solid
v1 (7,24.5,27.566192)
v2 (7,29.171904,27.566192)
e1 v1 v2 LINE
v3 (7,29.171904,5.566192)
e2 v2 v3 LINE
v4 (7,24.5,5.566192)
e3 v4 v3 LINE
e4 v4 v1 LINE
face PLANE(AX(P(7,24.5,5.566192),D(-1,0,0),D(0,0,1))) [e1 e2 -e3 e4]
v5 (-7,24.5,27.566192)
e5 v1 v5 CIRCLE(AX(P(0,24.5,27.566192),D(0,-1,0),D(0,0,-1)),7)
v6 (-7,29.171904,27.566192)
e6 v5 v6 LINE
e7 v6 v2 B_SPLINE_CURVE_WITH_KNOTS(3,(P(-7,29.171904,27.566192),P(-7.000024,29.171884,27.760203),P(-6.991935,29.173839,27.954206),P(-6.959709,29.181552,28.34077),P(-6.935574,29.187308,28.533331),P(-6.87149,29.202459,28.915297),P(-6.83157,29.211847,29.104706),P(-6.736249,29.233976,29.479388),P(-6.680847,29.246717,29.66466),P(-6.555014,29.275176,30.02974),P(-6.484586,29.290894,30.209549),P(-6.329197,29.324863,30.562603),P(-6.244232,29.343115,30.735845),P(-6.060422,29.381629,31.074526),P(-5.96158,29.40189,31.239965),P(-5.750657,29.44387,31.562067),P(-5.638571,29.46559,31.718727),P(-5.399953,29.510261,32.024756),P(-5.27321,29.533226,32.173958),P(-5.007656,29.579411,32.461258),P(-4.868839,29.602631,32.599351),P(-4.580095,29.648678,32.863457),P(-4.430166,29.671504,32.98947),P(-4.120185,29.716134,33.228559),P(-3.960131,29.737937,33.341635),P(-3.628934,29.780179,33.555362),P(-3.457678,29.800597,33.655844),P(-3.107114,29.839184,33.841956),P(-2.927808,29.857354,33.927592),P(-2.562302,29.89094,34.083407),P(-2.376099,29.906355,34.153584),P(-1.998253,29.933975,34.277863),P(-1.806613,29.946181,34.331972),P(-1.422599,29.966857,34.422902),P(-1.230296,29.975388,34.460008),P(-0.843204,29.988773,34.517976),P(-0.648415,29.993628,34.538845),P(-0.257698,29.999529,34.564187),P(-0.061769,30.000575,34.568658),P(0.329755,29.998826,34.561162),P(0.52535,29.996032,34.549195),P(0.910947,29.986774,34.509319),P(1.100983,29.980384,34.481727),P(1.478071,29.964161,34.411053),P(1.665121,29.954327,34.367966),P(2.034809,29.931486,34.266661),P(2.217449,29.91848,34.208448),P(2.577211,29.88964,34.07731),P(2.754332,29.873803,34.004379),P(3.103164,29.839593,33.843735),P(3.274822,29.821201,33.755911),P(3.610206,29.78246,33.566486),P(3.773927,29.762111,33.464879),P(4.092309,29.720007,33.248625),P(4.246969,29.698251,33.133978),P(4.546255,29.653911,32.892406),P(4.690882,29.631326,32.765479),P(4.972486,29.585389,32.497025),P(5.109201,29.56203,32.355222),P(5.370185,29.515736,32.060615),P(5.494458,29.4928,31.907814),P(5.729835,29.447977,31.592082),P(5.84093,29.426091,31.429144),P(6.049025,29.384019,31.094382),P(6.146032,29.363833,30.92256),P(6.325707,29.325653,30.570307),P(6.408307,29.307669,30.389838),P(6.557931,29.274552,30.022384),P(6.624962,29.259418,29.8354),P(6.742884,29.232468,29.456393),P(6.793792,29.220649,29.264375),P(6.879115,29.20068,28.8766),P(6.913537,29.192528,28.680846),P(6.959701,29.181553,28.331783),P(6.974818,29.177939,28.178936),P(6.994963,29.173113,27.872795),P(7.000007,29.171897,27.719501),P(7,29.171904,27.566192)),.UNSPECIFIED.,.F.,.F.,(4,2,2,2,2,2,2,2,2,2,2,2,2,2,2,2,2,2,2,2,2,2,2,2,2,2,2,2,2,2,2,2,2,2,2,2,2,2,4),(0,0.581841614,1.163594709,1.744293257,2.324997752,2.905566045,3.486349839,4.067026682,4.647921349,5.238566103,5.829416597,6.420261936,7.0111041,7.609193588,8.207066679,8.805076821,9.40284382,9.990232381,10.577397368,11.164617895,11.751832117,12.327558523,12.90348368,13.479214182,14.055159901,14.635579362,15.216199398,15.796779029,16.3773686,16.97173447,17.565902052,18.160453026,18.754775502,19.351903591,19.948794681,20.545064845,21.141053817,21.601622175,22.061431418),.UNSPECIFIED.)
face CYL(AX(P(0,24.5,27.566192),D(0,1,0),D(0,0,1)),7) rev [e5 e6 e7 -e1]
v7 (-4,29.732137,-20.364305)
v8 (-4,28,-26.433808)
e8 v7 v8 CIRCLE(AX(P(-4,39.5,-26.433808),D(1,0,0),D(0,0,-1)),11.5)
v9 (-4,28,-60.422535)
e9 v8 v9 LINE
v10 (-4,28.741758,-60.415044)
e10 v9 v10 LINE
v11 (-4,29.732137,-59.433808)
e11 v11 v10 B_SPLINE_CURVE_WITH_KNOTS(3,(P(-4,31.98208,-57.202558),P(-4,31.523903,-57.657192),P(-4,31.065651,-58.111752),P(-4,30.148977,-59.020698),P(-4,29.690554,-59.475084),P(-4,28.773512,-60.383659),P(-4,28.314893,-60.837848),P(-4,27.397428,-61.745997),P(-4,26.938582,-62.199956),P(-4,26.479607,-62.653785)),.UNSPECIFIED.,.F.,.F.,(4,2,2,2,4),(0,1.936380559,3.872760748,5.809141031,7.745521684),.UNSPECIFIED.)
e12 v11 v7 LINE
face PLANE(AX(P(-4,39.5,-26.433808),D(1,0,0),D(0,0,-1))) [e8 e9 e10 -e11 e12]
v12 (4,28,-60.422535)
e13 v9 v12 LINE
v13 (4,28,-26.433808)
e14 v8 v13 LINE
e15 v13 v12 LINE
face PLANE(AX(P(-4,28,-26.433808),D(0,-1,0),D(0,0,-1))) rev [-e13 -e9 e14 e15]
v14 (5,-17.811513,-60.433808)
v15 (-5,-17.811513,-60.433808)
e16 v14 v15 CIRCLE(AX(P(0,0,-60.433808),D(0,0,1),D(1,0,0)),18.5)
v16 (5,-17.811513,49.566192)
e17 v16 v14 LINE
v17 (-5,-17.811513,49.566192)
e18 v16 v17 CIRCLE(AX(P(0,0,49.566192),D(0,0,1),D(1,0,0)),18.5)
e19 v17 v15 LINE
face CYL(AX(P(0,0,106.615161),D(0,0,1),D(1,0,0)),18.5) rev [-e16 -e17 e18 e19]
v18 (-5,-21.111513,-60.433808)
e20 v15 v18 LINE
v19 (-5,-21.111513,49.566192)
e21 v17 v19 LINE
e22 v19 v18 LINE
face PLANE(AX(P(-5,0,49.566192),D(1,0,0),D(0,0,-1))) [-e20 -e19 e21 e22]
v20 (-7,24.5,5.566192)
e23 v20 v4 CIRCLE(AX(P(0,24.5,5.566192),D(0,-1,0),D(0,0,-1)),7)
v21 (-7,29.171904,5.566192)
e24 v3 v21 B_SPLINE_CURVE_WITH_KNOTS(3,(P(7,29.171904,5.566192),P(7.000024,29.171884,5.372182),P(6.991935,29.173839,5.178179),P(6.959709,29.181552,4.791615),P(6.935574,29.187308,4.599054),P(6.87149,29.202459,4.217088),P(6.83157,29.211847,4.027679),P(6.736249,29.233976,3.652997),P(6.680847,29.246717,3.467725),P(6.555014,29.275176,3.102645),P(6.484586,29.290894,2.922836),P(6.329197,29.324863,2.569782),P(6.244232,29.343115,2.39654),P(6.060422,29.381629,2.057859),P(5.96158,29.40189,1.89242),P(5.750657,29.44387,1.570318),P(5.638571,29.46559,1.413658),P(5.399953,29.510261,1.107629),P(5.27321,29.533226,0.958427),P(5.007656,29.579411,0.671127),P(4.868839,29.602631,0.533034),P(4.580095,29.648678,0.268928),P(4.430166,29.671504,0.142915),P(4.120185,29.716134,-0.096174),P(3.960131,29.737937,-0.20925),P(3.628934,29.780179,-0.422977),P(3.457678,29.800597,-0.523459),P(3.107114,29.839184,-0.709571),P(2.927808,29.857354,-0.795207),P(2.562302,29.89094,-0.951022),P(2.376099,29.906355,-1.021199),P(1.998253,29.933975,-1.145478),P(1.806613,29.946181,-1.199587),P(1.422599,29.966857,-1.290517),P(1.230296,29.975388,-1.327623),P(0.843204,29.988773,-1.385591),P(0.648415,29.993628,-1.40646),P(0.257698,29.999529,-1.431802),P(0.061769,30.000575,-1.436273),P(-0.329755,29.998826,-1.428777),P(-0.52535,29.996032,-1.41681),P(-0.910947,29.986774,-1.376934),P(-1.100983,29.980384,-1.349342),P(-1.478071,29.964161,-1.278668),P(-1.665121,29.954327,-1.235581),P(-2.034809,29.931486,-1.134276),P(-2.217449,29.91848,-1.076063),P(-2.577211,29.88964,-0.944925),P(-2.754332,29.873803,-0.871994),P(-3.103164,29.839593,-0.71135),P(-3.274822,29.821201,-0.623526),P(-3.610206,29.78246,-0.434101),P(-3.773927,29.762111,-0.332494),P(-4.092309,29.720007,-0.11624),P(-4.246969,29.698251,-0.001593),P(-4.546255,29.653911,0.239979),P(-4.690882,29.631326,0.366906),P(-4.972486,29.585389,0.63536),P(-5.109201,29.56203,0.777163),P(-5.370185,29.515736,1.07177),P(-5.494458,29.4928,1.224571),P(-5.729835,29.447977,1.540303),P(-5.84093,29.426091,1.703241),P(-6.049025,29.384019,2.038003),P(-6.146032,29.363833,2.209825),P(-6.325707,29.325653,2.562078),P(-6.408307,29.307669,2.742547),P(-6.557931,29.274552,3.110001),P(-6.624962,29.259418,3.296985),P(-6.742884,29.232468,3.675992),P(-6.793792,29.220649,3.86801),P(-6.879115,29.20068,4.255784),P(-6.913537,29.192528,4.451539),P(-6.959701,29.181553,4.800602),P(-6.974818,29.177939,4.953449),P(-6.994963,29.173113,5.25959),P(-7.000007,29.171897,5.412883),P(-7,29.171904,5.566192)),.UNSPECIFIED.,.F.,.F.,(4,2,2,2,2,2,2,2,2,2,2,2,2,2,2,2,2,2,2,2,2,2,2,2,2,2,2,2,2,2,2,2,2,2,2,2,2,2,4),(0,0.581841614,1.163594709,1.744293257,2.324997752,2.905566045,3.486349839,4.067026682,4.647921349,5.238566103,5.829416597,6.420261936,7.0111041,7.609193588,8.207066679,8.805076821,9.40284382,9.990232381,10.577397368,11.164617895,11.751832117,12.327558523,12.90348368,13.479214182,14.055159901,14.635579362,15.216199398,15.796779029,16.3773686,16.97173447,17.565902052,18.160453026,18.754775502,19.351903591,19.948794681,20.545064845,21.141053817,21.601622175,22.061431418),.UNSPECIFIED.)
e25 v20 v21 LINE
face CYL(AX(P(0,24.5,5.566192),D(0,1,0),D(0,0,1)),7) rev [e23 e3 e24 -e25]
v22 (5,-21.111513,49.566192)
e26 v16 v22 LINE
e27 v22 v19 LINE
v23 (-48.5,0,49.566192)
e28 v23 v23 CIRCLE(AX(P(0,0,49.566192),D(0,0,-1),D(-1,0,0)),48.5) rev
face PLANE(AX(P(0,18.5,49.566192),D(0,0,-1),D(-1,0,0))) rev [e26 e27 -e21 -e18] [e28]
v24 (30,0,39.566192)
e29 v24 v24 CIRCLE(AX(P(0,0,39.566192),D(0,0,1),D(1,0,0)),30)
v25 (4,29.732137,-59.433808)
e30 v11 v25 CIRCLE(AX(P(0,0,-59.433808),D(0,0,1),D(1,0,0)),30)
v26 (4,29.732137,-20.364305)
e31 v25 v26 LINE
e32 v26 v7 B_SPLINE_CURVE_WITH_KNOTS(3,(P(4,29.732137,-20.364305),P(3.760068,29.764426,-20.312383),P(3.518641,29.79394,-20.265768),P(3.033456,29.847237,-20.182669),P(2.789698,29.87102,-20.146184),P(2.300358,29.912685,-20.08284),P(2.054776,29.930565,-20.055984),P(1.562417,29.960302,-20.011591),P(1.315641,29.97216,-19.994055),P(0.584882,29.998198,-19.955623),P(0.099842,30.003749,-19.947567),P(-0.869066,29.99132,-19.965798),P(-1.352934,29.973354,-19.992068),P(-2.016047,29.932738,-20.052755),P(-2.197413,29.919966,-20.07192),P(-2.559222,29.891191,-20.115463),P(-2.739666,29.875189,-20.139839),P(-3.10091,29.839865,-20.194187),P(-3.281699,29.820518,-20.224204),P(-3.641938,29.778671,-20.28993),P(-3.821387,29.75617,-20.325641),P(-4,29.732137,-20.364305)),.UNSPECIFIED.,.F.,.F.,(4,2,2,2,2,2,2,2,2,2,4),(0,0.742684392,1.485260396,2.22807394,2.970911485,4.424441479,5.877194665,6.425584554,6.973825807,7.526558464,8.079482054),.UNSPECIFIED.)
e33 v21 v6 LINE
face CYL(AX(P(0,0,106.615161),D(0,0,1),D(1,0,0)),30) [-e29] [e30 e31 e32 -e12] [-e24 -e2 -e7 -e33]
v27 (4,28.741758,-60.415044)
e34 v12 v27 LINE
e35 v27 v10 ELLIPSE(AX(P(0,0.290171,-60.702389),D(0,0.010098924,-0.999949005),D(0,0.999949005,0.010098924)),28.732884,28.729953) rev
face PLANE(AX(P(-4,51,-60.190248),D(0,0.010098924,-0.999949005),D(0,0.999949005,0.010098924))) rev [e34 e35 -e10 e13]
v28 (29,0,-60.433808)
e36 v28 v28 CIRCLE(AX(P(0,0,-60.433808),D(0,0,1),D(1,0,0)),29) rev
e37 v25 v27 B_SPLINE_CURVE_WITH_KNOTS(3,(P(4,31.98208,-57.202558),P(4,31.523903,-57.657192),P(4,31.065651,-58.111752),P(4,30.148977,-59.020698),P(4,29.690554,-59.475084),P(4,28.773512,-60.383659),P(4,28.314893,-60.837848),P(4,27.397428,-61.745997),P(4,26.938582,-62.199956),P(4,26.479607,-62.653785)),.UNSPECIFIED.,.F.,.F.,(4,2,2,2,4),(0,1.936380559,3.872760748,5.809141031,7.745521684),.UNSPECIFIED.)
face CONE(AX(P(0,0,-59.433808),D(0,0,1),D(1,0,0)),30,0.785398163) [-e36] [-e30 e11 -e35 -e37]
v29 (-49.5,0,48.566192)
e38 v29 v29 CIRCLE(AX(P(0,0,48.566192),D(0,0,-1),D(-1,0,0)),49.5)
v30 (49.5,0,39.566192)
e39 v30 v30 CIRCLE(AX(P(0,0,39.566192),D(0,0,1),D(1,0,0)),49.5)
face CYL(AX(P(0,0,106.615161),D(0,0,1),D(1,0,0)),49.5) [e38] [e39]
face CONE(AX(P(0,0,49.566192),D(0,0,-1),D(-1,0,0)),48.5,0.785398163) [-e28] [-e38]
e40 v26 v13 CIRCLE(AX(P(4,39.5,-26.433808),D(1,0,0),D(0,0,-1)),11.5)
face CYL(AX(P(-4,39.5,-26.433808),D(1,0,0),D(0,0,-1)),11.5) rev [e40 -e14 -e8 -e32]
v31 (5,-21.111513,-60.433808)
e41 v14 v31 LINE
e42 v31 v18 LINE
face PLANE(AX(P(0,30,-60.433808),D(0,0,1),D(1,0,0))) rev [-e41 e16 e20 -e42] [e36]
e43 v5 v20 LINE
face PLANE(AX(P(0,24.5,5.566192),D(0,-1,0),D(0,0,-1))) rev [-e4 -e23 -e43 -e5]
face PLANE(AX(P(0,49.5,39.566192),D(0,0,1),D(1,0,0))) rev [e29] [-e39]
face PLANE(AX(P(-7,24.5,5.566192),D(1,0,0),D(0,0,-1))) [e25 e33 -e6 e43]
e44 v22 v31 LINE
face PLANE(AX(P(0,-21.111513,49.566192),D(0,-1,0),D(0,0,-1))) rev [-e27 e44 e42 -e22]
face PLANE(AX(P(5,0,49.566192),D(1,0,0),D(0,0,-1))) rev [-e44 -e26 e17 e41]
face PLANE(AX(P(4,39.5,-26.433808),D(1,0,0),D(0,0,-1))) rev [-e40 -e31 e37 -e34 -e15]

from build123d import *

# Parameters (mm, degrees)
TAGLIO_ESTRUSIONE1_DEPTH = 131.385965502
TAGLIO_ESTRUSIONE5_DEPTH = 5.5
SMUSSO1_SIZE             = 1
TAGLIO_ESTRUSIONE6_DEPTH = 4


with BuildPart() as part:
    # Schizzo1 → Rivoluzione1 (revolve)
    with BuildSketch(Plane(origin=(0, 0, 0), x_dir=(0, 0, -1), z_dir=(1, 0, 0)), mode=Mode.PRIVATE) as rivoluzione1_sk:
        Polygon((-49.566192487, 49.5), (-39.566192487, 49.5), (-39.566192487, 30), (60.433807513, 30), (60.433807513, 18.5), (-49.566192487, 18.5), align=None)
    revolve(rivoluzione1_sk.sketch.rotate(Axis((0, 0, 106.615161212), (0, 0, -1)), 90), axis=Axis((0, 0, 106.615161212), (0, 0, -1)))

    # Schizzo2 → Taglio-Estrusione1 (cut, through all)
    with BuildSketch(Plane(origin=(0, 0, -60.433807513), x_dir=(-1, 0, 0), z_dir=(0, 0, -1))):
        with BuildLine():
            ThreePointArc((0, -18.5), (-2.523589416, -18.327070046), (-5, -17.811513131))
            Line((-5, -17.811513131), (-5, -21.111513131))
            Line((-5, -21.111513131), (0, -21.111513131))
            Line((0, -21.111513131), (0, -18.5))
        make_face()
        with BuildLine():
            ThreePointArc((5, -17.811513131), (2.523589416, -18.327070046), (0, -18.5))
            Line((0, -18.5), (0, -21.111513131))
            Line((0, -21.111513131), (5, -21.111513131))
            Line((5, -21.111513131), (5, -17.811513131))
        make_face()
    extrude(amount=-TAGLIO_ESTRUSIONE1_DEPTH, mode=Mode.SUBTRACT)

    # Schizzo5 → Taglio-Estrusione5 (cut)
    with BuildSketch(Plane(origin=(0, 30, 0), x_dir=(-1, 0, 0), z_dir=(0, -1, 0))):
        with BuildLine():
            Line((7, -5.566192487), (7, -27.566192487))
            ThreePointArc((7, -27.566192487), (0, -34.566192487), (-7, -27.566192487))
            Line((-7, -27.566192487), (-7, -5.566192487))
            ThreePointArc((-7, -5.566192487), (0, 1.433807513), (7, -5.566192487))
        make_face()
    extrude(amount=TAGLIO_ESTRUSIONE5_DEPTH, mode=Mode.SUBTRACT)

    # Smusso1
    smusso1_edges = [part.edges().sort_by_distance(p)[0] for p in [
        (-30, 0, -60.433807513),
        (-49.5, 0, 49.566192487),
    ]]
    chamfer(smusso1_edges, length=SMUSSO1_SIZE)

    # Schizzo7 → Taglio-Estrusione6 (cut, symmetric)
    with BuildSketch(Plane(origin=(0, 0, 0), x_dir=(0, 0, -1), z_dir=(1, 0, 0))):
        with BuildLine():
            Line((26.433807513, 51), (60.190248372, 51))
            Line((60.190248372, 51), (60.422535475, 28))
            Line((60.422535475, 28), (26.433807513, 28))
            ThreePointArc((26.433807513, 28), (14.933807513, 39.5), (26.433807513, 51))
        make_face()
    extrude(amount=TAGLIO_ESTRUSIONE6_DEPTH, both=True, mode=Mode.SUBTRACT)


solid = part.part
